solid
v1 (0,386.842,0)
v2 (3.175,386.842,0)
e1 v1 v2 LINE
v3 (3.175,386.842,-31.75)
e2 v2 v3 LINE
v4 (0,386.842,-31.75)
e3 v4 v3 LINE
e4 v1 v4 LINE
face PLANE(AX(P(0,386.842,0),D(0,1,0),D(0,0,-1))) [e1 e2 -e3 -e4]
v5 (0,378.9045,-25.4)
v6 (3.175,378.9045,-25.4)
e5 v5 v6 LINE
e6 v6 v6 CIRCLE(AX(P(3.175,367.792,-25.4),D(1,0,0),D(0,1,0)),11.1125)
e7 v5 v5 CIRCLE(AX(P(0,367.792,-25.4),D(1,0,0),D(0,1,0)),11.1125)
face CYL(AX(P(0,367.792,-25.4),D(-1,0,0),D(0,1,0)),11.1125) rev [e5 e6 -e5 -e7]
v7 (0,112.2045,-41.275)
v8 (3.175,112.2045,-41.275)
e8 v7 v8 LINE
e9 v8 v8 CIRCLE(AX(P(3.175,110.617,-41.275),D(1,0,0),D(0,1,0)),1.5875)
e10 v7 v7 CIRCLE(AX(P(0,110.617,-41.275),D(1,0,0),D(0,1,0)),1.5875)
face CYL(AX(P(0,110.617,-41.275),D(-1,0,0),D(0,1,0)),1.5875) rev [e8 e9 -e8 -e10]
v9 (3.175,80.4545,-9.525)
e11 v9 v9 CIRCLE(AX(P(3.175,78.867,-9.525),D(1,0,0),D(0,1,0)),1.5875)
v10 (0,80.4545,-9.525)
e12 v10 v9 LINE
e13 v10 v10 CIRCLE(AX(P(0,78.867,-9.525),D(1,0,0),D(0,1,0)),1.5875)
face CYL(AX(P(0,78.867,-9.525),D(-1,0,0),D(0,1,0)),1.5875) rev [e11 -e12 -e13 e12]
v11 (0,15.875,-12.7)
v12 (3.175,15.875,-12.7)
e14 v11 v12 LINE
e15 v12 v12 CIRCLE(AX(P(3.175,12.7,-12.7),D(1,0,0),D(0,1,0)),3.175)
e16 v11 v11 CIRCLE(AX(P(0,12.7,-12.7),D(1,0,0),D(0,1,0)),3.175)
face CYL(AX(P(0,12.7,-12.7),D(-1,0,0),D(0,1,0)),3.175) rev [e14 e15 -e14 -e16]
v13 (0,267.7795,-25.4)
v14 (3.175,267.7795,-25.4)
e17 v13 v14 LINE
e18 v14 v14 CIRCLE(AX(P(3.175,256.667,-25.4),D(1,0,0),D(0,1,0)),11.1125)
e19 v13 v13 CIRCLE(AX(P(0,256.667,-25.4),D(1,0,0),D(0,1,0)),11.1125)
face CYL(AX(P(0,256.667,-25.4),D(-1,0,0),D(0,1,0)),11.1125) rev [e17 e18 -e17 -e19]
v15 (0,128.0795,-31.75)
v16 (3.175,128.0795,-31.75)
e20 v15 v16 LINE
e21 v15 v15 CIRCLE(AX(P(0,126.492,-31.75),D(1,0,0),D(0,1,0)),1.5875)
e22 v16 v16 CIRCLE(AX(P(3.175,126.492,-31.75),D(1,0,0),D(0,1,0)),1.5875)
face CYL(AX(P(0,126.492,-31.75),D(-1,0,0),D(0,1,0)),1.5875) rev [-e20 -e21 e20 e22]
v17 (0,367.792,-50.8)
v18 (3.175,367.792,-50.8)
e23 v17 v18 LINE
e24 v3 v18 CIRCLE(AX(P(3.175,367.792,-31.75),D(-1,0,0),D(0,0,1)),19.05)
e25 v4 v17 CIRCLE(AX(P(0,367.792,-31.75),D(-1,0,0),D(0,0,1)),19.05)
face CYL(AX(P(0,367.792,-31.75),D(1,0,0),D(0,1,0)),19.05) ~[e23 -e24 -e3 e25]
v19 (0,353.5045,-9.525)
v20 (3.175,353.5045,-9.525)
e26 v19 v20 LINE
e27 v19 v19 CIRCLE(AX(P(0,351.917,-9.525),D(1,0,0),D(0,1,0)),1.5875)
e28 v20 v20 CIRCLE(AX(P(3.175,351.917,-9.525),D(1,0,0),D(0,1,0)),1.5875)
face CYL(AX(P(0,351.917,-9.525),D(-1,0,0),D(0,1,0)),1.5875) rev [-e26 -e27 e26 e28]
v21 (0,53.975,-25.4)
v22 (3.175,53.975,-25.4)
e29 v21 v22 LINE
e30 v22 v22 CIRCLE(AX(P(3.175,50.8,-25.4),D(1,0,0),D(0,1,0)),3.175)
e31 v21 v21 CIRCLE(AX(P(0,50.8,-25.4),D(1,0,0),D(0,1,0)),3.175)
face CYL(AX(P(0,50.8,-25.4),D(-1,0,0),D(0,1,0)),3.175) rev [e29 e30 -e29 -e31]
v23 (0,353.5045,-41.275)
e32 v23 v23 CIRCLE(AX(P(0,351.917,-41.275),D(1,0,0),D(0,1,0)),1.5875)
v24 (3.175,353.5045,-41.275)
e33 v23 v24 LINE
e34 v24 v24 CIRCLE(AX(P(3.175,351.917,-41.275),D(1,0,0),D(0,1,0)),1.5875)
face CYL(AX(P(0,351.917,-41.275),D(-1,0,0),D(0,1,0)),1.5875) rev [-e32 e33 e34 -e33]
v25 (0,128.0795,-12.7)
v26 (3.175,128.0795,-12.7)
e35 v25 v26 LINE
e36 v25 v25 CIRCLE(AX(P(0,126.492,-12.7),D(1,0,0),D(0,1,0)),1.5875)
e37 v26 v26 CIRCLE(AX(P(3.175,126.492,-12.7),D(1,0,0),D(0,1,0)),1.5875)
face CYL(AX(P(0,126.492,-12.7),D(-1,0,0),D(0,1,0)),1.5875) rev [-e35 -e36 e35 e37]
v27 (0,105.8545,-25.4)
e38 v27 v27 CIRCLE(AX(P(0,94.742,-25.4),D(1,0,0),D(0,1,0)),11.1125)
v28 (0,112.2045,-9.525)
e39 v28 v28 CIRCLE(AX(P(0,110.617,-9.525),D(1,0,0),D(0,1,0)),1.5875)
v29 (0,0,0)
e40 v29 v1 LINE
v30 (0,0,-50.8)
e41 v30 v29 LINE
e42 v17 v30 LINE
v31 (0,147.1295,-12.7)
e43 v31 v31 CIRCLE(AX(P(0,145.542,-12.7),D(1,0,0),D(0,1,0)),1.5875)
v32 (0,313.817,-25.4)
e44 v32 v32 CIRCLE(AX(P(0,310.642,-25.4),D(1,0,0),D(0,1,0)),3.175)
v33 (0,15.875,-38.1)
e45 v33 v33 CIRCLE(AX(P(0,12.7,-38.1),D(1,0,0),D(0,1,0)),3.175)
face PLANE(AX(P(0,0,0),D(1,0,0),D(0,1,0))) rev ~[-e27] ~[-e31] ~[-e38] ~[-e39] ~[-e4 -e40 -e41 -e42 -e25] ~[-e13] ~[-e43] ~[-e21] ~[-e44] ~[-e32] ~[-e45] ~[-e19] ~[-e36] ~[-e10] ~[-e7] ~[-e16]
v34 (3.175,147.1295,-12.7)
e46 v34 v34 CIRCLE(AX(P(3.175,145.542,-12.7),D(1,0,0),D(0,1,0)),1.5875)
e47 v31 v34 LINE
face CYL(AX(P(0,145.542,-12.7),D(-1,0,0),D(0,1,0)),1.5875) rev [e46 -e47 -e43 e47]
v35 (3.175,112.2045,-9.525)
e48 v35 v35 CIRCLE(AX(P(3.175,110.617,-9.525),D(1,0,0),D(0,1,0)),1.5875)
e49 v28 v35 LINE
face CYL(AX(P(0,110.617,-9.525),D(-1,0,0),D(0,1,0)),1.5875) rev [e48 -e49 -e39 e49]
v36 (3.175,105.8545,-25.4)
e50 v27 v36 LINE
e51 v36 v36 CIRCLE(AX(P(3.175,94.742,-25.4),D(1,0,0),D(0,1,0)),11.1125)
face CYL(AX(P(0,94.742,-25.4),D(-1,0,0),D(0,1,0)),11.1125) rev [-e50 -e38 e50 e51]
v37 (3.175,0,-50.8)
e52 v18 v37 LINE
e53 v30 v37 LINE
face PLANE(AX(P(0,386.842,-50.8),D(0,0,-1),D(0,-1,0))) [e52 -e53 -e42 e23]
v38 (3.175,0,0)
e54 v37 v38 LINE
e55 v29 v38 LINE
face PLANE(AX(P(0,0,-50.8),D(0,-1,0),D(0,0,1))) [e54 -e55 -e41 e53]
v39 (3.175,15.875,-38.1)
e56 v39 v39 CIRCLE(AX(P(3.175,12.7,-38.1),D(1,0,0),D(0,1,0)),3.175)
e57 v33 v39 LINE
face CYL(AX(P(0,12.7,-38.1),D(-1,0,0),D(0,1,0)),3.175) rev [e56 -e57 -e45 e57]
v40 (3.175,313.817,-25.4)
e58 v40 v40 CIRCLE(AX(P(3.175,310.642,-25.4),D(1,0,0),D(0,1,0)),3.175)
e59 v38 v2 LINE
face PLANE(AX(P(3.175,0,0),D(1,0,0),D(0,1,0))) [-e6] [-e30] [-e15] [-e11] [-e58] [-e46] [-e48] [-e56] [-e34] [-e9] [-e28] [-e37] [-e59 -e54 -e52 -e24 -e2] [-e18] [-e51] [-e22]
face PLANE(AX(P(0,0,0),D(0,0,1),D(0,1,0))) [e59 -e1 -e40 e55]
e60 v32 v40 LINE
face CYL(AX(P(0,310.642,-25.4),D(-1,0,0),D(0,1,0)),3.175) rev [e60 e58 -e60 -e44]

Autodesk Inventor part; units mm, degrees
ref_plane "YZ Plane" through (0, 0, 0) normal (1, 0, 0) x (0, 1, 0)
ref_plane "XZ Plane" through (0, 0, 0) normal (0, 1, 0) x (-1, 0, 0)
ref_plane "XY Plane" through (0, 0, 0) normal (0, 0, 1) x (1, 0, 0)
sketch "Sketch1" plane through (0, 0, 0) normal (1, 0, 0) x (0, 1, 0)
  line L0 (386.842, -25.4) -> (0, -25.4) construction
  circle A0 centre (94.742, -25.4) radius 11.1125
  circle A1 centre (367.792, -25.4) radius 11.1125
  circle A2 centre (256.667, -25.4) radius 11.1125
  circle A3 centre (310.642, -25.4) radius 3.175
  line L1 (0, 0) -> (386.842, 0)
  line L2 (386.842, 0) -> (386.842, -50.8)
  line L3 (386.842, -50.8) -> (0, -50.8)
  line L4 (0, -50.8) -> (0, 0)
  line L5 (78.867, -9.525) -> (110.617, -9.525) construction
  line L6 (110.617, -9.525) -> (110.617, -41.275) construction
  circle A4 centre (110.617, -9.525) radius 1.5875
  circle A5 centre (110.617, -41.275) radius 1.5875
  circle A6 centre (78.867, -9.525) radius 1.5875
  line L7 (351.917, -9.525) -> (351.917, -41.275) construction
  circle A7 centre (351.917, -41.275) radius 1.5875
  circle A8 centre (351.917, -9.525) radius 1.5875
  line L8 (12.7, -50.8) -> (12.7, 0) construction
  circle A9 centre (12.7, -38.1) radius 3.175
  circle A10 centre (12.7, -12.7) radius 3.175
  line L9 (126.492, 0) -> (126.492, -50.8) construction
  line L10 (126.492, -12.7) -> (145.542, -12.7) construction
  circle A11 centre (126.492, -12.7) radius 1.5875
  circle A12 centre (145.542, -12.7) radius 1.5875
  circle A13 centre (126.492, -31.75) radius 1.5875
  circle A14 centre (50.8, -25.4) radius 3.175
  point P0 (351.917, -25.4)
  dimension "d3" = 22.225
  dimension "d4" = 273.05
  dimension "d9" = 161.925
  dimension "d12" = 6.35
  dimension "d13" = 57.15
  dimension "d15" = 50.8
  dimension "d16" = 19.05
  dimension "d17" = 94.742
  dimension "d18" = 3.175
  dimension "d19" = 9.525
  dimension "d20" = 31.75
  dimension "d22" = 15.875
  dimension "d23" = 3.175
  dimension "d24" = 15.875
  dimension "d25" = 31.75
  dimension "d26" = 6.35
  dimension "d27" = 12.7
  dimension "d28" = 25.4
  dimension "d29" = 19.05
  dimension "d30" = 19.05
  dimension "d31" = 6.35
  dimension "d32" = 31.75
  dimension "d33" = 38.1
extrude "Extrusion1" add sketch "Sketch1" along normal blind 3.175
fillet "Fillet1" radius 19.05 1 edges at (1.5875, 386.842, -50.8)
equation "\"d30\" = d29"
properties part number "Back Plate"
